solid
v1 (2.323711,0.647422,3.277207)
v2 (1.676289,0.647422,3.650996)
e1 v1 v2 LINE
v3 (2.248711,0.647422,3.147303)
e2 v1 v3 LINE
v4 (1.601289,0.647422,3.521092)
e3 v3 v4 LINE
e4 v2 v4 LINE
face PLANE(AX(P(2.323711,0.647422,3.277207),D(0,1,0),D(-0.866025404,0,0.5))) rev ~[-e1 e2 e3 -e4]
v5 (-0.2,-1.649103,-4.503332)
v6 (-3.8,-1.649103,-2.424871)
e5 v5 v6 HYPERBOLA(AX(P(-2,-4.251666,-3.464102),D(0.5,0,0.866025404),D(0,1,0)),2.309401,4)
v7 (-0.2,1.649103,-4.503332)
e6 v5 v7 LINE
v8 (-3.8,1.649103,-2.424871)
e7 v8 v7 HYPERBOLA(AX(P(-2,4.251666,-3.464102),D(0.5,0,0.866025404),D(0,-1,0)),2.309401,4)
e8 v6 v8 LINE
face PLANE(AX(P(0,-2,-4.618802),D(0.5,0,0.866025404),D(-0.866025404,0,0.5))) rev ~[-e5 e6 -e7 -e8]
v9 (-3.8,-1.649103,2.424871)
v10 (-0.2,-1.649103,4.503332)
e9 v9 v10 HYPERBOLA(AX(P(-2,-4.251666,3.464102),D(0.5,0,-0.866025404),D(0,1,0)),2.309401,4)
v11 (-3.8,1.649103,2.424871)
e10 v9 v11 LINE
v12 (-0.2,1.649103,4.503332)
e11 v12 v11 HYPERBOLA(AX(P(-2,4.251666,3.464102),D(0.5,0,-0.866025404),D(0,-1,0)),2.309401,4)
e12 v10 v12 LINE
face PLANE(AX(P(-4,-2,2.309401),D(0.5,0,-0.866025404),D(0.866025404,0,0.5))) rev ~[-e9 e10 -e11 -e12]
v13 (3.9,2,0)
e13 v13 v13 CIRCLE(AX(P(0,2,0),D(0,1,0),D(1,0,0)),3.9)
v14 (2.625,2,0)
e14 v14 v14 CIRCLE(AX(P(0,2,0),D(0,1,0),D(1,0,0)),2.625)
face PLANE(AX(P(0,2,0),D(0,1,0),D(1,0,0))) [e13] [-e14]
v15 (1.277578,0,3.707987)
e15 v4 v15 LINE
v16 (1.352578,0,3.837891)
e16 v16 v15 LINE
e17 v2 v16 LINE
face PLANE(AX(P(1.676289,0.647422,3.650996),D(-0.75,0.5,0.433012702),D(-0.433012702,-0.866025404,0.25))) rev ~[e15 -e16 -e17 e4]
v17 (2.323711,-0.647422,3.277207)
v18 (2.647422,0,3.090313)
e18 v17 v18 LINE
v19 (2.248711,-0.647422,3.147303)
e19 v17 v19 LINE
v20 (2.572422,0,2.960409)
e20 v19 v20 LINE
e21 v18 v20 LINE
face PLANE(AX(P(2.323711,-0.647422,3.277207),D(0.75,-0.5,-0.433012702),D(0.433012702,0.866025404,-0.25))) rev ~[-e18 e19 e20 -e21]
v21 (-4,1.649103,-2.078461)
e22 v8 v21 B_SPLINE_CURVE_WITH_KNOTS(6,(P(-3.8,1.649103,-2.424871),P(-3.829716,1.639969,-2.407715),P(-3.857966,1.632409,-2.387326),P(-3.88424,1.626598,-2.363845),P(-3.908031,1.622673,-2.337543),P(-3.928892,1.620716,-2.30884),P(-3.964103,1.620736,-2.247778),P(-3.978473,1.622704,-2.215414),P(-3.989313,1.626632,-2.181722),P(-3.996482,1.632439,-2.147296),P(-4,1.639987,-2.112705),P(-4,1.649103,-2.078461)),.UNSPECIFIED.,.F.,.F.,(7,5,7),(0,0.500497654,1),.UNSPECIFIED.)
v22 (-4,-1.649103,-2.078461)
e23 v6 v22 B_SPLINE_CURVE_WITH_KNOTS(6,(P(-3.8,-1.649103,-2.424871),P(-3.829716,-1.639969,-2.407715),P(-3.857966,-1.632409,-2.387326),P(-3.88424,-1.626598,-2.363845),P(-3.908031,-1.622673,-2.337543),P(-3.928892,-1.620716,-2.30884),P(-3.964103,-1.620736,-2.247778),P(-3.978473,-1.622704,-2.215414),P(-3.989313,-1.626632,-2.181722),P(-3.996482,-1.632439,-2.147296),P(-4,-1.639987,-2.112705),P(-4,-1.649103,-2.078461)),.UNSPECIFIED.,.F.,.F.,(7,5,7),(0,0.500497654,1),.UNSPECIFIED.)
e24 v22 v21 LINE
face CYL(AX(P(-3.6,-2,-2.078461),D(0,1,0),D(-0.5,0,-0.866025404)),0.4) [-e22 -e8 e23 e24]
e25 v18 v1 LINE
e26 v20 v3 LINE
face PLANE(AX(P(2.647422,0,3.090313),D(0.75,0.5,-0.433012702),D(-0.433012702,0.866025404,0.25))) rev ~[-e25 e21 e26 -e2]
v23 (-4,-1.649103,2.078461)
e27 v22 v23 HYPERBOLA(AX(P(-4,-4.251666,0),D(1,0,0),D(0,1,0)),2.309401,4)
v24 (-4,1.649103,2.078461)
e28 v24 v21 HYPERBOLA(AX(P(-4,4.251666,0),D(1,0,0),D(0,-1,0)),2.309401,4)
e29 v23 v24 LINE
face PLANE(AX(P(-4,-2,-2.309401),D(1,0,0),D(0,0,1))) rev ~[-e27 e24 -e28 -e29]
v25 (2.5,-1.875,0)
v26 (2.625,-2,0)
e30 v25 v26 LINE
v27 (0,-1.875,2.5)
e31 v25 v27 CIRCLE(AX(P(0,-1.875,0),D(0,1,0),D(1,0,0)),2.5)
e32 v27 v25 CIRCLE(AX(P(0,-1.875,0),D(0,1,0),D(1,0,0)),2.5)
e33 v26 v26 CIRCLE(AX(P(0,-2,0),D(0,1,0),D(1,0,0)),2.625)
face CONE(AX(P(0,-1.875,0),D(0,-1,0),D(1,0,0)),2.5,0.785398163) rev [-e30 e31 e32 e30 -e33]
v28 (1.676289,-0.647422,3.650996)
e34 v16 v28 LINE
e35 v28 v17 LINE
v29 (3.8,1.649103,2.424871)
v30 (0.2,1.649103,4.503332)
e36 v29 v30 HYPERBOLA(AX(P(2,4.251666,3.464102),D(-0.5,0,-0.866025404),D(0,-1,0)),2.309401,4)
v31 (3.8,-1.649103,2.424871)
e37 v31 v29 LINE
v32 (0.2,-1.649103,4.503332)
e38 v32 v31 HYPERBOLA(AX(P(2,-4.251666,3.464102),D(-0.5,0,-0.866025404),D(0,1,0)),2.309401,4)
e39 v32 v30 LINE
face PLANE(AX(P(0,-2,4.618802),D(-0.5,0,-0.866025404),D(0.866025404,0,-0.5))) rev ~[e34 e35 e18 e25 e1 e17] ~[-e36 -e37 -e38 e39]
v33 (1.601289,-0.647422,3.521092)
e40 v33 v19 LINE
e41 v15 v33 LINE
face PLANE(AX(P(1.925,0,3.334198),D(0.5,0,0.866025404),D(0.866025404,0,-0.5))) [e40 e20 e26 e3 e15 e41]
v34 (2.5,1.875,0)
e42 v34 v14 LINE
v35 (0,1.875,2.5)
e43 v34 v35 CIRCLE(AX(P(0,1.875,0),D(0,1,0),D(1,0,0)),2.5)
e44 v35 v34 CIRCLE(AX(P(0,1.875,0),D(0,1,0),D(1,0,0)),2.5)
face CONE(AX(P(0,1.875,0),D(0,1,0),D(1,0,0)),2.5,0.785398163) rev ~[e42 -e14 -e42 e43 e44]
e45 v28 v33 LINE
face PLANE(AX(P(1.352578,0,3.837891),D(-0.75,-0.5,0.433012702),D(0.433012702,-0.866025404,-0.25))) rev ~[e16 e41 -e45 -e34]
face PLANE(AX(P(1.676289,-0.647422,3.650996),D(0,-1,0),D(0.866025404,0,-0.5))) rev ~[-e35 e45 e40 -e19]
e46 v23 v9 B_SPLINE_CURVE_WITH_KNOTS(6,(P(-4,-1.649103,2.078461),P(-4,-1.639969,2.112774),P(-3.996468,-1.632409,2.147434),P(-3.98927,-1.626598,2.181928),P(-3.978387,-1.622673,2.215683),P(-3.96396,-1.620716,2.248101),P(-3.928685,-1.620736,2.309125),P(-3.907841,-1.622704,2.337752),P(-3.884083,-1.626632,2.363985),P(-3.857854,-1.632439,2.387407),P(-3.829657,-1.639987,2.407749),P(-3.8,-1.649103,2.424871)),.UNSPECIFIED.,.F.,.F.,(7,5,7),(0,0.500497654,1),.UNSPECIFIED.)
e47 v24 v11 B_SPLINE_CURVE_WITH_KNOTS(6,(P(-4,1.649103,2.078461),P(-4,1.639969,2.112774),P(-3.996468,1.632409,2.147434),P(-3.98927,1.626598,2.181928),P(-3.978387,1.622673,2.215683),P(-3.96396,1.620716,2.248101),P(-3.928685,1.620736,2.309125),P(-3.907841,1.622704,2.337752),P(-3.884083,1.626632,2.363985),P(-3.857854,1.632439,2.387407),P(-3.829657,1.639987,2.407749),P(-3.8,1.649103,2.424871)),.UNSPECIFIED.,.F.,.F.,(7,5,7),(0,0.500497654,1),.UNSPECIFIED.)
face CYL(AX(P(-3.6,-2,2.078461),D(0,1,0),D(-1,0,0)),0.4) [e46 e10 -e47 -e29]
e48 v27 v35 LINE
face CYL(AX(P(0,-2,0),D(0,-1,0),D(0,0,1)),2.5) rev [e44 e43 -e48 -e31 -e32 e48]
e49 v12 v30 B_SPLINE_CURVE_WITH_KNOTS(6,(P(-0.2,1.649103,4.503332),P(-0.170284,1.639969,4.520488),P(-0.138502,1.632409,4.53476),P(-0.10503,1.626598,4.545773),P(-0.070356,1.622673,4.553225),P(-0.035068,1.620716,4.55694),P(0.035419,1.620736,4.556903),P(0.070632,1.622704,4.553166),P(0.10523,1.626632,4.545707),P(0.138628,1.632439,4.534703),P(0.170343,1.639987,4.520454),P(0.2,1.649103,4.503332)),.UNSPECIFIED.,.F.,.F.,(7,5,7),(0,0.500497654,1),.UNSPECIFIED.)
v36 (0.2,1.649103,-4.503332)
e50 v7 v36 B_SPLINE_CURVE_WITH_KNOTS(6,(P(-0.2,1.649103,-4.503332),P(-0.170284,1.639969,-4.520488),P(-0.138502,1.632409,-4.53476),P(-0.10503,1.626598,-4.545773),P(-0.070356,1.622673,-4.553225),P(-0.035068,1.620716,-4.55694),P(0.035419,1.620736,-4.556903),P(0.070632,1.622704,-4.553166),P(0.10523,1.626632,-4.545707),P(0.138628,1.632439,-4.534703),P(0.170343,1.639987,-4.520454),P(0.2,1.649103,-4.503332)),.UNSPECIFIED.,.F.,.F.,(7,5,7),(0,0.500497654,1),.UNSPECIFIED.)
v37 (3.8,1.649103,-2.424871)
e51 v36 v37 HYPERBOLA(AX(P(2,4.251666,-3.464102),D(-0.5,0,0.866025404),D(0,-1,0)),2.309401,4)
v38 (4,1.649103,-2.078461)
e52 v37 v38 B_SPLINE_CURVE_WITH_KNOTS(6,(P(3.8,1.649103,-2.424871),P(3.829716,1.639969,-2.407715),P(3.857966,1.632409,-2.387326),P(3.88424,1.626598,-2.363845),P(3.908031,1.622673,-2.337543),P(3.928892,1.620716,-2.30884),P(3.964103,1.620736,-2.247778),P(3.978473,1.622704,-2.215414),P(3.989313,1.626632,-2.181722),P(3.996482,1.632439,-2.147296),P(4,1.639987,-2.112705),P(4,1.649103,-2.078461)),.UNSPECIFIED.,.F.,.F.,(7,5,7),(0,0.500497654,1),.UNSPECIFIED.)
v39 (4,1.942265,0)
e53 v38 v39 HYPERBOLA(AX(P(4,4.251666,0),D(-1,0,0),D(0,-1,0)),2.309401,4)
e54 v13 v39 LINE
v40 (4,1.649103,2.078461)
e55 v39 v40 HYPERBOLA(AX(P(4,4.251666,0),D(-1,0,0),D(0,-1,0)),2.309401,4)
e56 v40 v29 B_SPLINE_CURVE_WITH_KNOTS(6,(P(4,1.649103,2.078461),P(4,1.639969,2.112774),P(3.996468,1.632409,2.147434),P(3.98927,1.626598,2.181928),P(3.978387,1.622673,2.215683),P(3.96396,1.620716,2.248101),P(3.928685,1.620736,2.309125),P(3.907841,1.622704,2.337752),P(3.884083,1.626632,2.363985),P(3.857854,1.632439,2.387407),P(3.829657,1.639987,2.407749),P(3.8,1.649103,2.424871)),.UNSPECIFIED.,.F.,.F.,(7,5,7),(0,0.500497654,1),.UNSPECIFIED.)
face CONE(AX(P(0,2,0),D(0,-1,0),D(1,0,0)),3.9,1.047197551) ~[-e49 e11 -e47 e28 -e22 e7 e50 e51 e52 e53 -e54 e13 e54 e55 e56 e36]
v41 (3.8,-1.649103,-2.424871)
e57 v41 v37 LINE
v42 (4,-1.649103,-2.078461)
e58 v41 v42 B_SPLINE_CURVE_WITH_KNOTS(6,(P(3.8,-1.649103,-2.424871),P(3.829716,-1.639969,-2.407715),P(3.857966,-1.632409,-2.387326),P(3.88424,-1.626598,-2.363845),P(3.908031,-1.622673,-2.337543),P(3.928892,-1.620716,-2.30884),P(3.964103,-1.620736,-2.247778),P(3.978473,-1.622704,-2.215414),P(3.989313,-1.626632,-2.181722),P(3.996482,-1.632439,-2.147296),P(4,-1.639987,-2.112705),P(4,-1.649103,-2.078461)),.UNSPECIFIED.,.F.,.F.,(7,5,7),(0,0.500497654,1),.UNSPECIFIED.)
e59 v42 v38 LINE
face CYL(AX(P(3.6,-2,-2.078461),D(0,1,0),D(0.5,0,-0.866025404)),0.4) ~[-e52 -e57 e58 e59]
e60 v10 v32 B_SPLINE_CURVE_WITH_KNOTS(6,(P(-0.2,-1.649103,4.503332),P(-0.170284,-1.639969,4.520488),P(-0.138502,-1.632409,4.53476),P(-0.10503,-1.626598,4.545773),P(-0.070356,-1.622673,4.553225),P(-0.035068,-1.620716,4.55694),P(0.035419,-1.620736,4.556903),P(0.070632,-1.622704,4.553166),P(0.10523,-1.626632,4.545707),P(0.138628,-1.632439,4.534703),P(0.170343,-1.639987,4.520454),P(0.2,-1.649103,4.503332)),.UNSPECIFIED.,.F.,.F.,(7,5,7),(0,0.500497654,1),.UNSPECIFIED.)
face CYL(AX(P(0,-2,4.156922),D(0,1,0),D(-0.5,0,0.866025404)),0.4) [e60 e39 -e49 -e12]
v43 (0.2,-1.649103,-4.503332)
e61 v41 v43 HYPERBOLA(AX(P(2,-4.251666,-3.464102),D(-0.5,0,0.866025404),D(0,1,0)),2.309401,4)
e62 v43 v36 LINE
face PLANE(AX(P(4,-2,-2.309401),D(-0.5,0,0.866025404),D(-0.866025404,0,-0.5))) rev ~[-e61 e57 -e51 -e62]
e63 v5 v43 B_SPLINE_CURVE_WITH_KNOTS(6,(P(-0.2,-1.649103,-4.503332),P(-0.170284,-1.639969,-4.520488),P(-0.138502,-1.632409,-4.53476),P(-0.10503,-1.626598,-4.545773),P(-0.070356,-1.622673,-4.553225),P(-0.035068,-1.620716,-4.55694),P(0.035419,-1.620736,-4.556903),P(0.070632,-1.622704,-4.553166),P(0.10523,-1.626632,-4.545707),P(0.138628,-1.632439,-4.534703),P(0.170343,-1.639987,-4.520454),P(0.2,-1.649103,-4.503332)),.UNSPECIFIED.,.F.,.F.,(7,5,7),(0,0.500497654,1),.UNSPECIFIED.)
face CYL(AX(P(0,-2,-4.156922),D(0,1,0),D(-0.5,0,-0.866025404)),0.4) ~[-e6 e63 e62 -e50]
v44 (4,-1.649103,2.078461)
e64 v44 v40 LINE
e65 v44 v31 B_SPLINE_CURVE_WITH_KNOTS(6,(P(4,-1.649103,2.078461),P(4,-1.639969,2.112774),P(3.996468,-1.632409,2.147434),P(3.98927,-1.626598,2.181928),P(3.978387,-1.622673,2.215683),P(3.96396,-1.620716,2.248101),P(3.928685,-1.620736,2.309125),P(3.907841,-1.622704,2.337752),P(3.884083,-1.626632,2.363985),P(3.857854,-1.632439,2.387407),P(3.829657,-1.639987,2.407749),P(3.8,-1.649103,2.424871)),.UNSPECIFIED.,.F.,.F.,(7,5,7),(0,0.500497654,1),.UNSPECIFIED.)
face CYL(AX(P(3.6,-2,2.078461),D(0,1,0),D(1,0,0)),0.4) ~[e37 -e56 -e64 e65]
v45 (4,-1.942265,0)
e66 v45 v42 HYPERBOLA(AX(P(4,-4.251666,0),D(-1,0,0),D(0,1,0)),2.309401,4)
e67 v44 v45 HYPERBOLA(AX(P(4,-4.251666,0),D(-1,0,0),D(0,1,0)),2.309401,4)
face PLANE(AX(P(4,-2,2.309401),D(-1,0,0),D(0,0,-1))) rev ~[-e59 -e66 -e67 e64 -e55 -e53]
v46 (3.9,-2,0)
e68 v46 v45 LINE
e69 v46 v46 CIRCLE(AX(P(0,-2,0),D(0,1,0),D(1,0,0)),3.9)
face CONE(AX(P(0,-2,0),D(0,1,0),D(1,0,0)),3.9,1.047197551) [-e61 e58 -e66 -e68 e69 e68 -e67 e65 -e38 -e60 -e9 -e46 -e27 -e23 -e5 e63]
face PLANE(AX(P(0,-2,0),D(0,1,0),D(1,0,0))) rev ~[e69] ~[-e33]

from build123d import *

# Parameters (mm, degrees)
BOSS_EXTRUDE1_DEPTH      = 2
BOSS_EXTRUDE1_DEPTH_BACK = 2
SKETCH2_R                = 2.5
FILLET1_R                = 0.4
CUT_EXTRUDE2_DEPTH       = 0.15


with BuildPart() as part:
    # Sketch2 → Boss-Extrude1 (new, two sides: drawn at the far end of the back side and taken through both)
    with BuildSketch(Plane(origin=(0, 0, 0), x_dir=(1, 0, 0), z_dir=(0, 1, 0)).offset(-BOSS_EXTRUDE1_DEPTH_BACK)):
        Polygon((0, 4.618802154), (-4, 2.309401077), (-4, -2.309401077), (0, -4.618802154), (4, -2.309401077), (4, 2.309401077), align=None)
        with Locations(Location((0, 0, 0), (0, 0, 270))):
            Circle(SKETCH2_R, mode=Mode.SUBTRACT)
    extrude(amount=BOSS_EXTRUDE1_DEPTH + BOSS_EXTRUDE1_DEPTH_BACK)

    # Fillet1
    fillet1_edges = [part.edges().sort_by_distance(p)[0] for p in [
        (4, 0, -2.309401077),
        (4, 0, 2.309401077),
        (0, 0, 4.618802154),
        (-4, 0, 2.309401077),
        (-4, 0, -2.309401077),
        (0, 0, -4.618802154),
    ]]
    fillet(fillet1_edges, radius=FILLET1_R)

    # Sketch3 → Cut-Revolve2 (revolve, cut)
    with BuildSketch(Plane(origin=(0, 0, 0), x_dir=(0, 0, -1), z_dir=(1, 0, 0)), mode=Mode.PRIVATE) as cut_revolve2_sk:
        Polygon((3.9, -2), (4.618802154, -1.584999383), (4.618802154, -2), align=None)
        Polygon((2.5, 2), (2.5, 1.875), (2.625, 2), align=None)
        Polygon((2.5, -2), (2.5, -1.875), (2.625, -2), align=None)
        Polygon((3.9, 2), (4.618802154, 1.584999383), (4.618802154, 2), align=None)
    revolve(cut_revolve2_sk.sketch.rotate(Axis((0, -2, 0), (0, 1, 0)), 270), axis=Axis((0, -2, 0), (0, 1, 0)), mode=Mode.SUBTRACT)

    # Sketch12 → Cut-Extrude2 (cut)
    with BuildSketch(Plane(origin=(2, 0, 3.464101615), x_dir=(0.8660254037844384, 0, -0.5000000000000006), z_dir=(0.5000000000000006, 0, 0.8660254037844385))):
        Polygon((-0.747578096, 0), (-0.373789048, -0.647421623), (0.373789048, -0.647421623), (0.747578096, 0), (0.373789048, 0.647421623), (-0.373789048, 0.647421623), align=None)
    extrude(amount=-CUT_EXTRUDE2_DEPTH, mode=Mode.SUBTRACT)


solid = part.part
